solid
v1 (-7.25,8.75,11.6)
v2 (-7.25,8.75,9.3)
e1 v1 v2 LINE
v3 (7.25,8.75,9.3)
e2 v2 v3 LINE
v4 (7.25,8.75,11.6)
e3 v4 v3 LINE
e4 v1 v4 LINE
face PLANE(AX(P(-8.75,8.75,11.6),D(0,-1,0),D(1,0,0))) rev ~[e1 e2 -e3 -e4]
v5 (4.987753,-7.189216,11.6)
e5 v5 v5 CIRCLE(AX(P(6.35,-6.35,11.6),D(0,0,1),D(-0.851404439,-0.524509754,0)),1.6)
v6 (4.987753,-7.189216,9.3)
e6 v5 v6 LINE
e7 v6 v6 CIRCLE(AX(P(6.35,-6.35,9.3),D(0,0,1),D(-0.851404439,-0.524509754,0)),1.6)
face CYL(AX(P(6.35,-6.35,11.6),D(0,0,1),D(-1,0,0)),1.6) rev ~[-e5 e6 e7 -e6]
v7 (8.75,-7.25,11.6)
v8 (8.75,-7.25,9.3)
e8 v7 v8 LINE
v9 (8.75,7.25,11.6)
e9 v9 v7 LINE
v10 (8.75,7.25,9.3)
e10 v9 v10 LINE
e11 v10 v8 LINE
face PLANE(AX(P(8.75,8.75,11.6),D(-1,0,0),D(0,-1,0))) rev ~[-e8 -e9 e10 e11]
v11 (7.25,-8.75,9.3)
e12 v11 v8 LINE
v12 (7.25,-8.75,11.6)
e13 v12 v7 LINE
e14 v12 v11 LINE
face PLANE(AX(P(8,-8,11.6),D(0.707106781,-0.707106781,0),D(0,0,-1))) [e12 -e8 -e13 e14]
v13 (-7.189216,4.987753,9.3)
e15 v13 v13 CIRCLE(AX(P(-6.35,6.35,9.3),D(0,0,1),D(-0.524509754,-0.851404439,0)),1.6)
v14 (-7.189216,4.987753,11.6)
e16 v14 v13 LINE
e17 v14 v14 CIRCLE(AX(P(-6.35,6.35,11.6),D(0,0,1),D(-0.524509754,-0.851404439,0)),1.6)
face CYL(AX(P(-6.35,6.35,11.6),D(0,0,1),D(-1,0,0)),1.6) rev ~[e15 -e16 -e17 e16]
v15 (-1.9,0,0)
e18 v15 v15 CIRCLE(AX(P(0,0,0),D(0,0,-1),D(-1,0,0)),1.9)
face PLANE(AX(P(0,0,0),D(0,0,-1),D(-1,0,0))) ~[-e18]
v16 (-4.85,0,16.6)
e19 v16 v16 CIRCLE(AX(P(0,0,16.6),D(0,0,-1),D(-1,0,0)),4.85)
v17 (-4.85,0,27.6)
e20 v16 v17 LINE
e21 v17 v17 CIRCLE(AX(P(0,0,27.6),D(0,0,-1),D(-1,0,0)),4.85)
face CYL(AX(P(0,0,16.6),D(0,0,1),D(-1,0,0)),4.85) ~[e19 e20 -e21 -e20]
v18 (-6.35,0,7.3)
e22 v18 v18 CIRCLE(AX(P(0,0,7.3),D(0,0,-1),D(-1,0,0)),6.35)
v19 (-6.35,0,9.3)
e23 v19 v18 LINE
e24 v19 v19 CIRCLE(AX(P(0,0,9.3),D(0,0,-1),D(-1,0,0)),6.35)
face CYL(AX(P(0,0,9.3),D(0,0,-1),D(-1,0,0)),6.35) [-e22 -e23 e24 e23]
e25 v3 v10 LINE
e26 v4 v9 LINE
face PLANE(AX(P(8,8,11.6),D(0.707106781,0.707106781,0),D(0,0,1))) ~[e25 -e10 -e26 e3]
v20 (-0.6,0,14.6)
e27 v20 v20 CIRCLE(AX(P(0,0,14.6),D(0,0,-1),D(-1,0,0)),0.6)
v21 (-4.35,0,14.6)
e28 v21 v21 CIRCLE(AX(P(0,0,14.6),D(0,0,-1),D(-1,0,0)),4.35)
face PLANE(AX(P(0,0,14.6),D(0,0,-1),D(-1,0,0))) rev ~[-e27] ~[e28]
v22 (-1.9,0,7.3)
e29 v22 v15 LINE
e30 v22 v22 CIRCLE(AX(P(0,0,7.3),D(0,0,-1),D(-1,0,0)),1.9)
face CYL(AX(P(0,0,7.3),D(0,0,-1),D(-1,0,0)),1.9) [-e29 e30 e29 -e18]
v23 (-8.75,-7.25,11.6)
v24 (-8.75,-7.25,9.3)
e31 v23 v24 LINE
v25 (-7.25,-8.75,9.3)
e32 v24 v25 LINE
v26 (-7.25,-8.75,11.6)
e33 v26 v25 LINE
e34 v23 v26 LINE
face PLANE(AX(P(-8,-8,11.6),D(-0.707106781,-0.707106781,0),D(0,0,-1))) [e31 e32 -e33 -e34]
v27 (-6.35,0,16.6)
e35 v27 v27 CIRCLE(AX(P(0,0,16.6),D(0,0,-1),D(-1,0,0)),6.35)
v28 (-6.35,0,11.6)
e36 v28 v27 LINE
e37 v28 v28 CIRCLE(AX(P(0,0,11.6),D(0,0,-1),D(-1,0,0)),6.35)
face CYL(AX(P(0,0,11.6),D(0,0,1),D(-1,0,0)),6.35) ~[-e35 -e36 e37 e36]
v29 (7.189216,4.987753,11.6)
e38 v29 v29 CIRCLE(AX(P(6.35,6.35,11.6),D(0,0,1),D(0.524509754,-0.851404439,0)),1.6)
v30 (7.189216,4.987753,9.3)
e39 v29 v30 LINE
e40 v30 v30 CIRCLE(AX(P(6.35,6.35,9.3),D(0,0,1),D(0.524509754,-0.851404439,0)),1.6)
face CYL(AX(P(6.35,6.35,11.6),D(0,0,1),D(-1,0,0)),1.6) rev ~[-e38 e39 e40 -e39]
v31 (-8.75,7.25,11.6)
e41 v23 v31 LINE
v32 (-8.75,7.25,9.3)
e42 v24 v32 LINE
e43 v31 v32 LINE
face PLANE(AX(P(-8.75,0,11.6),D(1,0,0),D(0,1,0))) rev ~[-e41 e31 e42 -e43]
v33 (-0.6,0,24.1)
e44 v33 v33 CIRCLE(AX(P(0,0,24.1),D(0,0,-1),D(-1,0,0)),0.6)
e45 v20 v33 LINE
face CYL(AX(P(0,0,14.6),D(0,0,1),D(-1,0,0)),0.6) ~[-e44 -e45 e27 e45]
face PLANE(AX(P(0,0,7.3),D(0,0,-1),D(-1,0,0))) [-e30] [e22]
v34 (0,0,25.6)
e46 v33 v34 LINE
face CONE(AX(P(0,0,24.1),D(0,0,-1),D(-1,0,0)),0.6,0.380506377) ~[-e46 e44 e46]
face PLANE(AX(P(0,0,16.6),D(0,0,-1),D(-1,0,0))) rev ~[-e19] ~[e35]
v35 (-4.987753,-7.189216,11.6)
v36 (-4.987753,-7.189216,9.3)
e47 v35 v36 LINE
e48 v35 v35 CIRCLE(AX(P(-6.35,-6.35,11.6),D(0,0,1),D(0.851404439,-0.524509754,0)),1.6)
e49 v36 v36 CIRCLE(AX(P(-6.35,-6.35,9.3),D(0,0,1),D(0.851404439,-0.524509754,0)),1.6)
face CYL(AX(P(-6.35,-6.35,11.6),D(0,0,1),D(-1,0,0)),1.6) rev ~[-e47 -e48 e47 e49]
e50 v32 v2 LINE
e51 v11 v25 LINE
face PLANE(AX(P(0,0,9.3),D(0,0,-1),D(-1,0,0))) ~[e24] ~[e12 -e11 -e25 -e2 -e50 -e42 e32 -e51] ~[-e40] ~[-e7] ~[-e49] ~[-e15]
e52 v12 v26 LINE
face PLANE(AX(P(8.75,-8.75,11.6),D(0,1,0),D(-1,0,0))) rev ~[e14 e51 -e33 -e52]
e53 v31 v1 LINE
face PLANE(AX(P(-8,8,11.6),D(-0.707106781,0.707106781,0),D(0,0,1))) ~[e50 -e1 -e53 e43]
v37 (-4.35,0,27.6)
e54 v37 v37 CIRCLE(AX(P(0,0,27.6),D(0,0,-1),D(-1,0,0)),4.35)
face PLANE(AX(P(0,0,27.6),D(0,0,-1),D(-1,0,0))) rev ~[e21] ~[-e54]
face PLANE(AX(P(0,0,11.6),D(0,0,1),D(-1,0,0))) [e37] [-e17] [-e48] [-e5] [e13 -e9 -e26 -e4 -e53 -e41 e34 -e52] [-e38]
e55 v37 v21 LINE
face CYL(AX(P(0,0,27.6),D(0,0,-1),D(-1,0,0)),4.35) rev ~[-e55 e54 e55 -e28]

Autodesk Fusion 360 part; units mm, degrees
sketch "Sketch1" plane through (0, 0, 0) normal (0, 1, 0) x (1, 0, 0) in component "BNC 4-hole panel mount"
  line L0 (-6.35, -9.3) -> (-8.75, -9.3)
  line L1 (-8.75, -9.3) -> (-8.75, -11.6)
  line L2 (-8.75, -11.6) -> (-6.35, -11.6)
  line L3 (-6.35, -11.6) -> (-6.35, -16.6)
  line L4 (-6.35, -16.6) -> (-4.85, -16.6)
  line L5 (-4.85, -16.6) -> (-4.85, -27.6)
  line L6 (0, -27.6) -> (0, 0)
  line L7 (-6.35, -9.3) -> (-6.35, -7.3)
  line L8 (-6.35, -7.3) -> (-1.9, -7.3)
  line L9 (-1.9, -7.3) -> (-1.9, 0)
  line L10 (0, 0) -> (-1.9, 0)
  line L11 (-4.85, -27.6) -> (-4.35, -27.6)
  line L12 (-4.35, -27.6) -> (-4.35, -14.6)
  line L13 (-4.35, -14.6) -> (-0.6, -14.6)
  line L14 (-0.6, -14.6) -> (-0.6, -24.1)
  line L15 (-0.6, -24.1) -> (0, -25.6)
  dimension "d3" = 1.9
  dimension "d4" = 2.3
  dimension "d5" = 5
  dimension "d6" = 8.75
  dimension "d9" = 4.85
  dimension "d10" = 6.35
  dimension "d11" = 2
  dimension "d21" = 0.5
  dimension "d22" = 0.6
  dimension "d23" = 1.5
  dimension "d24" = 13
  dimension "d25" = 27.6
  dimension "d26" = 11
  dimension "d27" = 16
revolve "Revolve1" add sketch "Sketch1" angle 360 about axis through (0, 0, 27.6) along (0, 0, -1) in component "BNC 4-hole panel mount"
sketch "Sketch2" plane through (0, 0, 11.6) normal (0, 0, 1) x (-1, 0, 0) in component "BNC 4-hole panel mount"
  circle A0 centre (0, 0) radius 6.35
  circle A1 centre (0, 0) radius 8.75
  line L0 (8.75, -8.75) -> (-8.75, -8.75)
  line L1 (-8.75, -8.75) -> (-8.75, 8.75)
  line L2 (-8.75, 8.75) -> (8.75, 8.75)
  line L3 (8.75, 8.75) -> (8.75, -8.75)
  line L4 (8.75, -8.75) -> (-8.75, 8.75) construction
  line L5 (-8.75, -8.75) -> (8.75, 8.75) construction
  circle A2 centre (6.35, 6.35) radius 1.6
  circle A3 centre (6.35, -6.35) radius 1.6
  circle A4 centre (-6.35, -6.35) radius 1.6
  circle A5 centre (-6.35, 6.35) radius 1.6
  circle A6 centre (0, 0) radius 6.35
  dimension "d13" = 17.5
  dimension "d14" = 17.5
  dimension "d15" = 3.2
  dimension "d16" = 12.7
extrude "Extrude1" add sketch "Sketch2" against normal up to surface (2.3 mm away) contours A1 A2 A3 A4 A5 | A1 L0 L3 A3 | A1 L2 L3 A2 | A1 L1 L2 A5 | A1 L0 L1 A4 in component "BNC 4-hole panel mount"
extrude "Extrude2" cut sketch "Sketch2" against normal up to surface (2.3 mm away) contours A1 A2 | A1 A3 | A1 A5 | A1 A4 picked at (5.857, 5.857) picked at (5.857, -5.857) picked at (-5.8818, 5.8337) picked at (-5.8818, -5.8337) in component "BNC 4-hole panel mount"
chamfer "Chamfer1" distance 1.5 angle 45 4 edges at (8.75, -8.75, 10.45) (-8.75, -8.75, 10.45) (-8.75, 8.75, 10.45) (8.75, 8.75, 10.45) in component "BNC 4-hole panel mount"
component "BNC 4-hole panel mount" placed x (1, 0, 0) y (0, 1, 0) z (0, 0, 1) at (0, 0, 0)
equation "d14 = d13"
